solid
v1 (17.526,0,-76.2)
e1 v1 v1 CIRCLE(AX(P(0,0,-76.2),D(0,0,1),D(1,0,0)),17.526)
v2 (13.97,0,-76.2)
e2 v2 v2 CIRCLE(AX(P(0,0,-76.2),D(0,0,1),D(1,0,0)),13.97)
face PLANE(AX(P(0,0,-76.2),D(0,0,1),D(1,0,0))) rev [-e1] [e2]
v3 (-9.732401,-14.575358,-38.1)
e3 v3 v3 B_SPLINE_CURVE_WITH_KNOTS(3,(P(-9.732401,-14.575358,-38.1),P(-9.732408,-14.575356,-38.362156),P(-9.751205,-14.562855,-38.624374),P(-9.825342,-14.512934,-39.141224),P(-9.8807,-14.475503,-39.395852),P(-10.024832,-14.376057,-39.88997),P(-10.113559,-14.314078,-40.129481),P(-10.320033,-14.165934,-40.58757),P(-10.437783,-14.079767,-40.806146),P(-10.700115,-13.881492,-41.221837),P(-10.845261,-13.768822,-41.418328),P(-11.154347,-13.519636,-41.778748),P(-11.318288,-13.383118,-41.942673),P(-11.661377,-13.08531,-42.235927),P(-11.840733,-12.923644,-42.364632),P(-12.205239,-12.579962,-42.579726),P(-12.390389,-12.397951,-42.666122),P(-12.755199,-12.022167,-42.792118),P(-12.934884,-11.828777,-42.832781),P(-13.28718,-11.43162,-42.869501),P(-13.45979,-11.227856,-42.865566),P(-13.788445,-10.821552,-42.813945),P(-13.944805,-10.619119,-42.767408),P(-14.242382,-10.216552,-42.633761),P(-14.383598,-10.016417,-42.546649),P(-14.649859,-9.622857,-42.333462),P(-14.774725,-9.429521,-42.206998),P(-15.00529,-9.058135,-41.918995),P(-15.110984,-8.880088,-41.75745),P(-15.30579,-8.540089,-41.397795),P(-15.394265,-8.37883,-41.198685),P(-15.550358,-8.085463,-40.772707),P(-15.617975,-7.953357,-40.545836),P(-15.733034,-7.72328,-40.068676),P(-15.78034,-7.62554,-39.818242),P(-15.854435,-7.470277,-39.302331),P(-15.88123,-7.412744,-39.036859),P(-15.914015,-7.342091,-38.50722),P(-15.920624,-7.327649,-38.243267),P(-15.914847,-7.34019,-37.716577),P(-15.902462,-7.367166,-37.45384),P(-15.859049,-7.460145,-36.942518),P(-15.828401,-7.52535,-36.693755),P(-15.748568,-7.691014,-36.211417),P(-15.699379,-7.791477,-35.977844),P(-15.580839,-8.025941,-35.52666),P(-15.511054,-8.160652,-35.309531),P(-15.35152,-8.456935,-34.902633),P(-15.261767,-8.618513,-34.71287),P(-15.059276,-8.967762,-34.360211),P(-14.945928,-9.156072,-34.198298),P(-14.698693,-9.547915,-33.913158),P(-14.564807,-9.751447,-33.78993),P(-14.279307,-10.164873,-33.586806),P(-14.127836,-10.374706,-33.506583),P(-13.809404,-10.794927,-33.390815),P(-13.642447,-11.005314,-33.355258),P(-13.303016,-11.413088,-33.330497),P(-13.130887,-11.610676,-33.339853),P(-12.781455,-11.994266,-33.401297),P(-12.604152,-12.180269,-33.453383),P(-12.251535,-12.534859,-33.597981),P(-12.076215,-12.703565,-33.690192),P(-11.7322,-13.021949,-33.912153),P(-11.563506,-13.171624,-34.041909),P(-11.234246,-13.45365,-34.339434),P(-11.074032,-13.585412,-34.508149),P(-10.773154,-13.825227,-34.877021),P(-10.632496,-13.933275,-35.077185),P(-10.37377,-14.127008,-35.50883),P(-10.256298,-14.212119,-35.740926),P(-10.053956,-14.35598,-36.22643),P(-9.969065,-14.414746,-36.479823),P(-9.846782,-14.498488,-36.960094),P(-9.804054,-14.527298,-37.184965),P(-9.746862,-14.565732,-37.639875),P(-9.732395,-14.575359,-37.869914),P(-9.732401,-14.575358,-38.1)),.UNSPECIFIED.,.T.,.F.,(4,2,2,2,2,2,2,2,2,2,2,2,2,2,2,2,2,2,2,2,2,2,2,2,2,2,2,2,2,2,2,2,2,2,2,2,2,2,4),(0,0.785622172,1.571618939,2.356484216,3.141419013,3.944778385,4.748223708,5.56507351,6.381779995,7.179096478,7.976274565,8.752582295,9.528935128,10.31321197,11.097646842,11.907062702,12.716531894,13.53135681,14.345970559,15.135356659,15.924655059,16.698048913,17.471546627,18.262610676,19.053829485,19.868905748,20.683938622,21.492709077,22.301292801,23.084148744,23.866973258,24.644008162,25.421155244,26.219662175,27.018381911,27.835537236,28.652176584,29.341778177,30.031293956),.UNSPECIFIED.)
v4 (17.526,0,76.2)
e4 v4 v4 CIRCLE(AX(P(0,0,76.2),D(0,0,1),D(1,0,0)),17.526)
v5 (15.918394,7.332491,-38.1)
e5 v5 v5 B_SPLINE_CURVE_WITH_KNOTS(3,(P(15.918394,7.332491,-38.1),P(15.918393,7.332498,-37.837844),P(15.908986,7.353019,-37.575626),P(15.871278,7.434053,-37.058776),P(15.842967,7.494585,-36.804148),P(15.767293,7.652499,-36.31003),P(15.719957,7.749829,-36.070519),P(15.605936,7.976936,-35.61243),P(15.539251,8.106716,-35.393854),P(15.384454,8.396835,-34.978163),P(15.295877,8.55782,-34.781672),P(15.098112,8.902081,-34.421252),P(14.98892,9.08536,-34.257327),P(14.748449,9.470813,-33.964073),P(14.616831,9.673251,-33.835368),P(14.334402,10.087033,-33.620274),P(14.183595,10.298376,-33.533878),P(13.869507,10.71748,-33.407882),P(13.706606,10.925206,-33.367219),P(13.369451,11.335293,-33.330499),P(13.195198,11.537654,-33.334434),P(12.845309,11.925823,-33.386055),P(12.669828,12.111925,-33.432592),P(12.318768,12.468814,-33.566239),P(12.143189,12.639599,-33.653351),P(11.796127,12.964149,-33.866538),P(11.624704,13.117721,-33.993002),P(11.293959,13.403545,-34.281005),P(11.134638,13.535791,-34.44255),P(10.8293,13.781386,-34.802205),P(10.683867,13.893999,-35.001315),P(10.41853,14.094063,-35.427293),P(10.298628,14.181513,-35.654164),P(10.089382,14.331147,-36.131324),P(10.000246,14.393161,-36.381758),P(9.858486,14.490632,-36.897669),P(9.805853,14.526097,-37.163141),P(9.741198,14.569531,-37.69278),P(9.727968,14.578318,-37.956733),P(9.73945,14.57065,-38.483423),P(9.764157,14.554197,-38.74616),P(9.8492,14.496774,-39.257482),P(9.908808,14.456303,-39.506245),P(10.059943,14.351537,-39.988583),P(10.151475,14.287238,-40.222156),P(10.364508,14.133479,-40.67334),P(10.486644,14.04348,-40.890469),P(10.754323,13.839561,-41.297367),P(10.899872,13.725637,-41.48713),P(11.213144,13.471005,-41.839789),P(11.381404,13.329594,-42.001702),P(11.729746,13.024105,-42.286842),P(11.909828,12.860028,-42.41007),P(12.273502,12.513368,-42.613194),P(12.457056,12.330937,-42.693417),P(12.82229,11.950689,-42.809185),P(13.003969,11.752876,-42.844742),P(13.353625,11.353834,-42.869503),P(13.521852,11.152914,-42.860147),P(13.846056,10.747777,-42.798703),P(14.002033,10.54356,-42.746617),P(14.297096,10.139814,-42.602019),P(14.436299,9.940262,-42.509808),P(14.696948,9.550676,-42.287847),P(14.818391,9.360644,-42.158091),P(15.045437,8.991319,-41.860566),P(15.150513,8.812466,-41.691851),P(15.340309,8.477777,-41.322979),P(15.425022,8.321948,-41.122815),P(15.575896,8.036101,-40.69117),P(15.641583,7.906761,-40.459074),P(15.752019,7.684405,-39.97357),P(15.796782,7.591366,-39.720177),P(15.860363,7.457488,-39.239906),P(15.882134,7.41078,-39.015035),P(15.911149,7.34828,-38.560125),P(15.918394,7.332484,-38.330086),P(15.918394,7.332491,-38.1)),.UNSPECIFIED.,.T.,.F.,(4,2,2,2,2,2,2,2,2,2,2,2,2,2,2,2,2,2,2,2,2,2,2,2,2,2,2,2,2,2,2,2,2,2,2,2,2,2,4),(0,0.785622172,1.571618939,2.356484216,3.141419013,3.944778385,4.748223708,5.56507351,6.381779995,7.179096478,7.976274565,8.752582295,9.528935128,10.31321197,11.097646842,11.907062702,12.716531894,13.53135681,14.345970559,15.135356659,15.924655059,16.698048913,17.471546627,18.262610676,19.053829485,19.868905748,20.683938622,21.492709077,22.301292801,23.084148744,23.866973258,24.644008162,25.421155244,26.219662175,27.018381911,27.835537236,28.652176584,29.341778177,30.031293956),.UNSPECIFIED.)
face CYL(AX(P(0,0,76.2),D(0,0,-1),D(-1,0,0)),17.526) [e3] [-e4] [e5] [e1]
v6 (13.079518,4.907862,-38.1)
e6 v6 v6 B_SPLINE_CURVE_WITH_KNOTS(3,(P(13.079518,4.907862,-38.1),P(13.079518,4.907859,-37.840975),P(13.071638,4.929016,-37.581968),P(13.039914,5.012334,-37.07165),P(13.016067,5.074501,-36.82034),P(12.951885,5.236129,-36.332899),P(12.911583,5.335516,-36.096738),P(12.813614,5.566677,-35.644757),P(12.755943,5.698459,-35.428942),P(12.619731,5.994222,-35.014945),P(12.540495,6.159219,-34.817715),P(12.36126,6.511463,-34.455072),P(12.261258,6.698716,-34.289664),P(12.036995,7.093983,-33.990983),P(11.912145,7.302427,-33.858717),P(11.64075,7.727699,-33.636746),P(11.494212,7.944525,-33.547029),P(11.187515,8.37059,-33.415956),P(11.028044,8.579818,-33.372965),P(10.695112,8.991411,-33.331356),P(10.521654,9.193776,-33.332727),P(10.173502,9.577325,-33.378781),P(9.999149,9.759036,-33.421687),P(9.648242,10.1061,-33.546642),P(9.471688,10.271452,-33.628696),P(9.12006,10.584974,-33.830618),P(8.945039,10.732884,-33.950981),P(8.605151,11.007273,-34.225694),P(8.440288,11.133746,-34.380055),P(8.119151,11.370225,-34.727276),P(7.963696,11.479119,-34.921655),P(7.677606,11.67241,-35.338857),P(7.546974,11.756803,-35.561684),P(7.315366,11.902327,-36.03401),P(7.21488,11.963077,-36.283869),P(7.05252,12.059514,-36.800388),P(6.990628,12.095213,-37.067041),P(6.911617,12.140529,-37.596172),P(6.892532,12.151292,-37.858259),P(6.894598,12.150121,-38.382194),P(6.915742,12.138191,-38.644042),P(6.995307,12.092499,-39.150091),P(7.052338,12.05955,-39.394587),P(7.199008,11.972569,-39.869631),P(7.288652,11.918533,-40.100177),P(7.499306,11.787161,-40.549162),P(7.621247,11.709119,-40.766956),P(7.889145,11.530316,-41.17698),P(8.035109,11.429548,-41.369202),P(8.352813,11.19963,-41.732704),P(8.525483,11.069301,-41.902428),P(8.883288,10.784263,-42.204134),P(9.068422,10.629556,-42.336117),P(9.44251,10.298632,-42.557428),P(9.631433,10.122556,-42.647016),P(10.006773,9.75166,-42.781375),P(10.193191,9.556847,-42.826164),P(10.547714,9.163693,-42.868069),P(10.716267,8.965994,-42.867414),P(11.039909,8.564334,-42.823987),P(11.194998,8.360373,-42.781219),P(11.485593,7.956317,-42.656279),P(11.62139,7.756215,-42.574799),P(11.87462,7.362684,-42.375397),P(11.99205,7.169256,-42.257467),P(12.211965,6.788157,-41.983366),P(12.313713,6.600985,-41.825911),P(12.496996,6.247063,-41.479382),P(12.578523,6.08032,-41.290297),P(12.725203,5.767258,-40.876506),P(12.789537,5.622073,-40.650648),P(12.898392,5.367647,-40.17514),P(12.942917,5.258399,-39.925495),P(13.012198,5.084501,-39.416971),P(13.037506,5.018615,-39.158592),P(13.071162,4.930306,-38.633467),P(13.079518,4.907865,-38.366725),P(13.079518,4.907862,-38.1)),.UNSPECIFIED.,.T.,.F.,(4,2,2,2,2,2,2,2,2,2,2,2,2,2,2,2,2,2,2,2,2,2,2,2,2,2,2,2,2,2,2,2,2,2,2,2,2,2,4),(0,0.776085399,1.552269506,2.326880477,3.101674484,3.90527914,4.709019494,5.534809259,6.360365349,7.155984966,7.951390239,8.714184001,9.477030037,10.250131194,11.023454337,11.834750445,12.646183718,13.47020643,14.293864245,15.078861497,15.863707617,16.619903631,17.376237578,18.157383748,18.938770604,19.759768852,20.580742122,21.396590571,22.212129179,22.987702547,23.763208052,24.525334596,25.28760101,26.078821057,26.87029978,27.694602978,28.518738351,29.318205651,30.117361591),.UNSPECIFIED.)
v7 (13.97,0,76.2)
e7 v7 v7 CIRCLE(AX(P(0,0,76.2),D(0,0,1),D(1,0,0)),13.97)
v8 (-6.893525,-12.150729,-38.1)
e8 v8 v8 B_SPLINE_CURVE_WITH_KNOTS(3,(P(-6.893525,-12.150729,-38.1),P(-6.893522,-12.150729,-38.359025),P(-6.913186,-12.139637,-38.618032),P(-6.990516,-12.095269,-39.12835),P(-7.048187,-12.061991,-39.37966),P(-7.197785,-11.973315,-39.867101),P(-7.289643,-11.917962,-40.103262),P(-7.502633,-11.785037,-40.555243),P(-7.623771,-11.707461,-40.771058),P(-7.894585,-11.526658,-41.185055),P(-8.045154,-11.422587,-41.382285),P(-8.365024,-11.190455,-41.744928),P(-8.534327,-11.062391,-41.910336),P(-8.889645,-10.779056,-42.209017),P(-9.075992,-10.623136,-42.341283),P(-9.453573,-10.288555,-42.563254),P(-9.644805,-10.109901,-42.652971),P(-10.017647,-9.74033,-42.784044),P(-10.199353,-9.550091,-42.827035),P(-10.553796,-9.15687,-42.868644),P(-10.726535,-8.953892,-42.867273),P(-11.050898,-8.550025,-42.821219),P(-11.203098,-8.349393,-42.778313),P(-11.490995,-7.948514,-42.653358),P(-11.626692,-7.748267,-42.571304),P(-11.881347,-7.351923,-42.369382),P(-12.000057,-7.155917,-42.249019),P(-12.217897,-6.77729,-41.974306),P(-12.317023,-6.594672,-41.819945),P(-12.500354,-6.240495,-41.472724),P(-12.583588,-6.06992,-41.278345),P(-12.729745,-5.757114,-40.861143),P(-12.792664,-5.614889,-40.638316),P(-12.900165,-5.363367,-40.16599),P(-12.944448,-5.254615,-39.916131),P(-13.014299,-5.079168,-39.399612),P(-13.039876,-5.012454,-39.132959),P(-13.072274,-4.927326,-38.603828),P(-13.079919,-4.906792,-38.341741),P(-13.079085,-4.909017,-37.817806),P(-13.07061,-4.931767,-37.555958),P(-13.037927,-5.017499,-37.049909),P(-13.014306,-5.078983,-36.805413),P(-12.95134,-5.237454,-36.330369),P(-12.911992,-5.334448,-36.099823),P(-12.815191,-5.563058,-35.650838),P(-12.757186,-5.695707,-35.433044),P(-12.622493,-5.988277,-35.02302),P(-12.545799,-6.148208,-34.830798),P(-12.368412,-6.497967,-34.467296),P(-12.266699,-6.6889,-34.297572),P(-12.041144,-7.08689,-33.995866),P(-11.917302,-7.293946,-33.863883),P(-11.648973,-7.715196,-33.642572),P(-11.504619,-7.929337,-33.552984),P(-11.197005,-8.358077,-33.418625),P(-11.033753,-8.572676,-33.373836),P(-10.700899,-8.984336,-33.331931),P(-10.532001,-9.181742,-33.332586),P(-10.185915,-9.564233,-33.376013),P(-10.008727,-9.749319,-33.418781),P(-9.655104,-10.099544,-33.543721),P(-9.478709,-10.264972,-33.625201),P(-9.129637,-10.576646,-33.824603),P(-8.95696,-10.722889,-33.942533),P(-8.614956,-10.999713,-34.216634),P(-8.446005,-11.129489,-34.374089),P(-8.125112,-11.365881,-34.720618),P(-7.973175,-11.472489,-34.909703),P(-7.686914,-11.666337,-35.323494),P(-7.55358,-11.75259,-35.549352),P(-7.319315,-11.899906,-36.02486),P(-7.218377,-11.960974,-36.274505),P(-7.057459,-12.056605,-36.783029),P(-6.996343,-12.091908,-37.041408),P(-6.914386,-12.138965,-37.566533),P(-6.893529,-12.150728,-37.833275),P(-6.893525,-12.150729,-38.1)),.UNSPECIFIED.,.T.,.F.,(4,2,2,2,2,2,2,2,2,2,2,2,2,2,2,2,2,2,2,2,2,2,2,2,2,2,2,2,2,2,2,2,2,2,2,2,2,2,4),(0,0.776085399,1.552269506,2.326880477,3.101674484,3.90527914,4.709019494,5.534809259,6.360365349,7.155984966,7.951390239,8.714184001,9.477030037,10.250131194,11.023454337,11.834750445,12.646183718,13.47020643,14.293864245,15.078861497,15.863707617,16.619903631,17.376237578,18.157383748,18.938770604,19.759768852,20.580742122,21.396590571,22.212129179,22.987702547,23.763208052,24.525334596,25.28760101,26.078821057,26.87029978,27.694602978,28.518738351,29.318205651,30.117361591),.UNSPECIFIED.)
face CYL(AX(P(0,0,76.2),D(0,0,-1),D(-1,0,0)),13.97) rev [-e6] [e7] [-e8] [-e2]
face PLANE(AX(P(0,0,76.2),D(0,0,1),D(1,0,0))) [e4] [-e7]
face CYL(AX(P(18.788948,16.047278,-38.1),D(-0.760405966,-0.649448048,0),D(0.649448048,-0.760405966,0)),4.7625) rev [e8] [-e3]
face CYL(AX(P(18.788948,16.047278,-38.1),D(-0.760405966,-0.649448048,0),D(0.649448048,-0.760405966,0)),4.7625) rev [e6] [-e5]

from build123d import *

# Parameters (mm, degrees)
SKETCH3_R           = 17.526
SKETCH3_R_2         = 13.97
BOSS_EXTRUDE1_DEPTH = 76.2
SKETCH5_R           = 4.7625
CUT_EXTRUDE1_DEPTH  = 245.925020099


with BuildPart() as part:
    # Sketch3 → Boss-Extrude1 (new, symmetric)
    with BuildSketch(Plane.XY):
        with Locations(Location((0, 0, 0), (0, 0, 180))):
            Circle(SKETCH3_R)
        with Locations(Location((0, 0, 0), (0, 0, 180))):
            Circle(SKETCH3_R_2, mode=Mode.SUBTRACT)
    extrude(amount=BOSS_EXTRUDE1_DEPTH, both=True)

    # Sketch5 → Cut-Extrude1 (cut, through all)
    with BuildSketch(Plane(origin=(-33.800045171, -28.867965748, -158.75), x_dir=(-0.6494480483301873, 0.7604059656000278, 0), z_dir=(-0.7604059656000278, -0.6494480483301873, 0))):
        with Locations(Location((0, -120.65, 0), (0, 0, 180))):
            Circle(SKETCH5_R)
    extrude(amount=-CUT_EXTRUDE1_DEPTH, mode=Mode.SUBTRACT)


solid = part.part
